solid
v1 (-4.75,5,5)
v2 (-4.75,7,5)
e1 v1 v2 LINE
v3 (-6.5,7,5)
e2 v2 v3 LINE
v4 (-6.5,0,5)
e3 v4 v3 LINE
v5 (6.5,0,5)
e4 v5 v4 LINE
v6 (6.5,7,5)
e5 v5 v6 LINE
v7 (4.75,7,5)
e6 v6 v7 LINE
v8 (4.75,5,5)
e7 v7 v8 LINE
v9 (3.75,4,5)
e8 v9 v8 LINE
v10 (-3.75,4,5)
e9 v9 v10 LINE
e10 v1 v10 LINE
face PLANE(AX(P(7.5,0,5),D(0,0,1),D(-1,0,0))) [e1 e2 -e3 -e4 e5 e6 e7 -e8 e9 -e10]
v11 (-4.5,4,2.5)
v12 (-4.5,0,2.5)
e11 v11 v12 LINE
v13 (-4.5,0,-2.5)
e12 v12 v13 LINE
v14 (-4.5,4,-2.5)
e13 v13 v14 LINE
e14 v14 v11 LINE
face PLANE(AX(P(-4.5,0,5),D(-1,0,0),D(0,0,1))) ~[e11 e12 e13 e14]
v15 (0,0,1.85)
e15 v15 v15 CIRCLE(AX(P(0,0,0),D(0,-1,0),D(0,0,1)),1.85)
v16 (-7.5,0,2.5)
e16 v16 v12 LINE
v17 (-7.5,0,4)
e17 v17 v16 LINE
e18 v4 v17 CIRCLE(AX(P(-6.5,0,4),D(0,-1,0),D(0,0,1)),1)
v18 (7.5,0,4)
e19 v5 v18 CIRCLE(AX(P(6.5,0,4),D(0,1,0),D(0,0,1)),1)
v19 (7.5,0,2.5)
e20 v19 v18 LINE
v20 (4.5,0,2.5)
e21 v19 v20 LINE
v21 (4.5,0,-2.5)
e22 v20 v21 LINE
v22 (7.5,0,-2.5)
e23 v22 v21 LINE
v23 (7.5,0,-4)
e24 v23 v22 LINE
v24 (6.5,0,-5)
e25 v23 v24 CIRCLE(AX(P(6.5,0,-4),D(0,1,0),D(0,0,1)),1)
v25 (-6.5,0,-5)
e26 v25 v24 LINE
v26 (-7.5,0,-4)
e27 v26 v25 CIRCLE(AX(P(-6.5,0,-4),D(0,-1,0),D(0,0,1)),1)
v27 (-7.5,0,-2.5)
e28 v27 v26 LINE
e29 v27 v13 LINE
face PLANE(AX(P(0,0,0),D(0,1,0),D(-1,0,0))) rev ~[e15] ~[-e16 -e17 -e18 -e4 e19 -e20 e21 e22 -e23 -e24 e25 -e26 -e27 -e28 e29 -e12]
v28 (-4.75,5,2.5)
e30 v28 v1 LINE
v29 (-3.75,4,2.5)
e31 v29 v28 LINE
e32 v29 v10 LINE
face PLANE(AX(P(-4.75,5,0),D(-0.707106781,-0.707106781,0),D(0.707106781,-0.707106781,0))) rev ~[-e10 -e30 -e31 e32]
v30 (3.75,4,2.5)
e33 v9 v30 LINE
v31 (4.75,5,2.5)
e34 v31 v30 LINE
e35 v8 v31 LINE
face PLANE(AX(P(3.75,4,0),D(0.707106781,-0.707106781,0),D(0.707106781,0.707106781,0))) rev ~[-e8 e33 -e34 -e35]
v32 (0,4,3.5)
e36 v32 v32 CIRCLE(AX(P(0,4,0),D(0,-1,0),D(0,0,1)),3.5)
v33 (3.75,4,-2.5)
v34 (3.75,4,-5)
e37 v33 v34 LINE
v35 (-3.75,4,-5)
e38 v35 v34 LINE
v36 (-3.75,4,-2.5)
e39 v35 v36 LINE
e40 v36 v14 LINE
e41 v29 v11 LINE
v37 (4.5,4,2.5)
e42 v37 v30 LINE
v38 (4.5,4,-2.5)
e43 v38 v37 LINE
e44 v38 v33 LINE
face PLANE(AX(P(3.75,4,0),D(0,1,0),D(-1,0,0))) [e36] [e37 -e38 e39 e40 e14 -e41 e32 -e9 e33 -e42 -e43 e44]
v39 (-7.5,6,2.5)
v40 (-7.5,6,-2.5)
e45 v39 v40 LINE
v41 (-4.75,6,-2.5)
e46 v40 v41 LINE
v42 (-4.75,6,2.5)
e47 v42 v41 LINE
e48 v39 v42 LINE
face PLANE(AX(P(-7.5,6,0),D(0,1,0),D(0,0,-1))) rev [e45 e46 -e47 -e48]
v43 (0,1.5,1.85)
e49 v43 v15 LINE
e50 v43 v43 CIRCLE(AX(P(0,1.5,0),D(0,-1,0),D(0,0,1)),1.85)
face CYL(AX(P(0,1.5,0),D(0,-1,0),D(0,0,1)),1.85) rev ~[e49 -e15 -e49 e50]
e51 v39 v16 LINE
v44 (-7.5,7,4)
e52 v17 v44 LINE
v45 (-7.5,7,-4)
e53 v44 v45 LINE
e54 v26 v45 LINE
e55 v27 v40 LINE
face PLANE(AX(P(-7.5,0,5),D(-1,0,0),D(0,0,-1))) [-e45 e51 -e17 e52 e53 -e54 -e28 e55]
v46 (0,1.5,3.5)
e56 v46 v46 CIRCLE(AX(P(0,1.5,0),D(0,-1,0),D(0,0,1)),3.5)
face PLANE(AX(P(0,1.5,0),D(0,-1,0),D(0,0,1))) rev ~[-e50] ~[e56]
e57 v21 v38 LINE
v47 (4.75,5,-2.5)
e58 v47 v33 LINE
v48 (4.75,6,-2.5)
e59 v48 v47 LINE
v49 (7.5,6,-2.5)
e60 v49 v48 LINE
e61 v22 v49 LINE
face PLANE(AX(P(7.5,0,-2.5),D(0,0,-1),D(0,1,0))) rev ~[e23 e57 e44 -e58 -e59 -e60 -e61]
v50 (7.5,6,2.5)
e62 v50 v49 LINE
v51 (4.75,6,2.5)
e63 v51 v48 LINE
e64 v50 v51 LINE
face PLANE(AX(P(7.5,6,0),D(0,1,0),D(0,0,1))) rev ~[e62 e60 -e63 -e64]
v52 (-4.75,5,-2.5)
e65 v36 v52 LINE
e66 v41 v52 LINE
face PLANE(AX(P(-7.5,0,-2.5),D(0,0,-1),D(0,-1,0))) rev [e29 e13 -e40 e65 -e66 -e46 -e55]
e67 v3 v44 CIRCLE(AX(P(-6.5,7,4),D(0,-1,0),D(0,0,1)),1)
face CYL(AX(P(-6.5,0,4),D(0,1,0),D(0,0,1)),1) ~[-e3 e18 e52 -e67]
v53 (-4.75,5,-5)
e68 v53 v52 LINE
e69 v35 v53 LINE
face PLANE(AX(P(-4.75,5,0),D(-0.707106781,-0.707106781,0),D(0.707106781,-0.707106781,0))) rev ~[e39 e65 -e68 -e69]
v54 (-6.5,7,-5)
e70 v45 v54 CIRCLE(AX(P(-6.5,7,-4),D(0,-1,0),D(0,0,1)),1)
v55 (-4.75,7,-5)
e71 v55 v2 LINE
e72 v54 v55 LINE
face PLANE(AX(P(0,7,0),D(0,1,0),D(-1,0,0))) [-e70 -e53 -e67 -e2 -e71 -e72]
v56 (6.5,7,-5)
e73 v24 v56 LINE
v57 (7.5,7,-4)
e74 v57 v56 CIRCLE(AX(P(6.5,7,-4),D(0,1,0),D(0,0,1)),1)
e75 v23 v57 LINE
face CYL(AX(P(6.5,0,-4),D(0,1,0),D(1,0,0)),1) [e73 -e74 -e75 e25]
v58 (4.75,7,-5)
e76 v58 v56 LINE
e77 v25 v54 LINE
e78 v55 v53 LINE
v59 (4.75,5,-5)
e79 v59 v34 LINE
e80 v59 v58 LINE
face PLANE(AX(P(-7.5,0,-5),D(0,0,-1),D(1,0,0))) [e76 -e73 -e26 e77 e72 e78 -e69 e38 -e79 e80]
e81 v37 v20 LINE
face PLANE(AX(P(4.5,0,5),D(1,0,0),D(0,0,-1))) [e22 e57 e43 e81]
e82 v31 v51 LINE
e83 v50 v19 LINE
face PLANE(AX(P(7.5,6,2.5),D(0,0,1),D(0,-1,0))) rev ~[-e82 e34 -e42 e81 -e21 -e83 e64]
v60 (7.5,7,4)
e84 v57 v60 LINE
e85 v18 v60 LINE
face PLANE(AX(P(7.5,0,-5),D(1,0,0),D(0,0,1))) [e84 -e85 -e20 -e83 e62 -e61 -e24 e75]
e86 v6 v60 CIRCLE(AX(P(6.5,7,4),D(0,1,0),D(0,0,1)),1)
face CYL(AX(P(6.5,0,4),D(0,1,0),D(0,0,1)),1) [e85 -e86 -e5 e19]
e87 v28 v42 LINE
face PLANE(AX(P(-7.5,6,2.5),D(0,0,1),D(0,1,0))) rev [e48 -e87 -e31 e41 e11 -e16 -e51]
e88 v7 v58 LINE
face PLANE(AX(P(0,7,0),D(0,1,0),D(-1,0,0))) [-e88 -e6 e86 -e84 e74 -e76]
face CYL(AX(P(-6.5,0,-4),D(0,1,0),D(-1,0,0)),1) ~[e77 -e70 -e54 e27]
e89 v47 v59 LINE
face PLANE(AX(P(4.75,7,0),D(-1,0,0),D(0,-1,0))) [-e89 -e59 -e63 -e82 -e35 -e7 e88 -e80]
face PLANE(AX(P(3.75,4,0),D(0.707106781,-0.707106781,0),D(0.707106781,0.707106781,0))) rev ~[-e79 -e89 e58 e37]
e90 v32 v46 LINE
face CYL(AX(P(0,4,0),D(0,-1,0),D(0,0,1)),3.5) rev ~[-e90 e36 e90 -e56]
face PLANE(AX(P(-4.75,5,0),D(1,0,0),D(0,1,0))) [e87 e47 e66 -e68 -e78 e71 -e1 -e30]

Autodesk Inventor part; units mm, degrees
ref_plane "YZ Plane" through (0, 0, 0) normal (1, 0, 0) x (0, 1, 0)
ref_plane "XZ Plane" through (0, 0, 0) normal (0, 1, 0) x (-1, 0, 0)
ref_plane "XY Plane" through (0, 0, 0) normal (0, 0, 1) x (1, 0, 0)
sketch "Náčrt6" plane through (0, 0, 0) normal (0, 1, 0) x (-1, 0, 0)
  line L0 (-7.5, 5) -> (7.5, 5)
  line L1 (7.5, 5) -> (7.5, -5)
  line L2 (7.5, -5) -> (-7.5, -5)
  line L3 (-7.5, -5) -> (-7.5, 5)
  line L4 (-7.5, 5) -> (7.5, -5) construction
  line L5 (7.5, 5) -> (-7.5, -5) construction
  point P0 (0, 0)
  dimension "d10" = 15
  dimension "d11" = 10
extrude "Vysunutí6" add sketch "Náčrt6" along normal blind 7
sketch "Náčrt7" plane through (0, 0, 0) normal (0, 0, 1) x (1, 0, 0)
  line L0 (0, 8.4) -> (0, -1.4) projected
  line L1 (-10.5, 0) -> (10.5, 0) projected
  line L2 (-4.75, 7) -> (4.75, 7)
  line L3 (4.75, 7) -> (4.75, 5)
  line L4 (3.75, 4) -> (-3.75, 4)
  line L5 (-4.75, 5) -> (-4.75, 7)
  line L6 (7.5, 7) -> (-7.5, 7) projected
  line L7 (-4.75, 5) -> (-3.75, 4)
  line L8 (3.75, 4) -> (4.75, 5)
  point P0 (0, 0)
  point P1 (4.75, 4)
  point P2 (-4.75, 4)
  dimension "d14" = 9.5
  dimension "d15" = 3
  dimension "d16" = 1
  dimension "d17" = 1
  dimension "d18" = 1
  dimension "d19" = 1
extrude "Vysunutí7" cut sketch "Náčrt7" against normal through all both and the other way through all
sketch "Náčrt8" plane through (7.5, 0, 5) normal (1, 0, 0) x (0, 0, -1)
  line L0 (0, 0) -> (10, 0) projected
  line L1 (2.5, 0) -> (7.5, 0)
  line L2 (7.5, 0) -> (7.5, 6)
  line L3 (7.5, 6) -> (2.5, 6)
  line L4 (2.5, 6) -> (2.5, 0)
  line L5 (-2, 0) -> (12, 0) projected
  line L6 (5, -1.4) -> (5, 8.4) projected
  point P0 (5, 0)
  dimension "d22" = 5
  dimension "d23" = 6
extrude "Vysunutí8" cut sketch "Náčrt8" against normal blind 3
mirror "Zrcadlit1" about plane through (0, 0, 0) normal (1, 0, 0) of "Vysunutí8"
sketch "Náčrt9" plane through (4.5, 0, 5) normal (1, 0, 0) x (0, 0, -1)
  line L0 (2.5, 4.75) -> (7.5, 4.75) projected
  line L1 (2.5, 0) -> (2.5, 4.75) projected
  line L2 (7.5, 0) -> (2.5, 0) projected
  line L3 (7.5, 4.75) -> (7.5, 0) projected
  line L4 (10, 4) -> (0, 4) projected
  point P0 (5, 0)
  point P1 (2.5, 4)
  point P2 (7.5, 4)
extrude "Vysunutí9" cut sketch "Náčrt9" against normal through all contours L0 L3 L4 L1
sketch "Náčrt10" plane through (-3.75, 4, -5) normal (0, 1, 0) x (1, 0, 0)
  point P0 (3.75, -5)
hole "Díra1" at (0, 4, 0) direction (0, -1, 0) diameter 3.7 end through all counterbore diameter 7 counterbore depth 2.5
fillet "Zaoblení1" radius 1 4 edges at (7.5, 3.5, -5) (7.5, 3.5, 5) (-7.5, 3.5, -5) (-7.5, 3.5, 5)
equation "\"d17\" = d16"
equation "\"d18\" = d16"
equation "\"d19\" = d18"
equation "\"Milimetr\" = 1"
properties part number "Příchytka pásků, pro M3, přírodní bílá" material "Plast, neprůhledný bílý"
